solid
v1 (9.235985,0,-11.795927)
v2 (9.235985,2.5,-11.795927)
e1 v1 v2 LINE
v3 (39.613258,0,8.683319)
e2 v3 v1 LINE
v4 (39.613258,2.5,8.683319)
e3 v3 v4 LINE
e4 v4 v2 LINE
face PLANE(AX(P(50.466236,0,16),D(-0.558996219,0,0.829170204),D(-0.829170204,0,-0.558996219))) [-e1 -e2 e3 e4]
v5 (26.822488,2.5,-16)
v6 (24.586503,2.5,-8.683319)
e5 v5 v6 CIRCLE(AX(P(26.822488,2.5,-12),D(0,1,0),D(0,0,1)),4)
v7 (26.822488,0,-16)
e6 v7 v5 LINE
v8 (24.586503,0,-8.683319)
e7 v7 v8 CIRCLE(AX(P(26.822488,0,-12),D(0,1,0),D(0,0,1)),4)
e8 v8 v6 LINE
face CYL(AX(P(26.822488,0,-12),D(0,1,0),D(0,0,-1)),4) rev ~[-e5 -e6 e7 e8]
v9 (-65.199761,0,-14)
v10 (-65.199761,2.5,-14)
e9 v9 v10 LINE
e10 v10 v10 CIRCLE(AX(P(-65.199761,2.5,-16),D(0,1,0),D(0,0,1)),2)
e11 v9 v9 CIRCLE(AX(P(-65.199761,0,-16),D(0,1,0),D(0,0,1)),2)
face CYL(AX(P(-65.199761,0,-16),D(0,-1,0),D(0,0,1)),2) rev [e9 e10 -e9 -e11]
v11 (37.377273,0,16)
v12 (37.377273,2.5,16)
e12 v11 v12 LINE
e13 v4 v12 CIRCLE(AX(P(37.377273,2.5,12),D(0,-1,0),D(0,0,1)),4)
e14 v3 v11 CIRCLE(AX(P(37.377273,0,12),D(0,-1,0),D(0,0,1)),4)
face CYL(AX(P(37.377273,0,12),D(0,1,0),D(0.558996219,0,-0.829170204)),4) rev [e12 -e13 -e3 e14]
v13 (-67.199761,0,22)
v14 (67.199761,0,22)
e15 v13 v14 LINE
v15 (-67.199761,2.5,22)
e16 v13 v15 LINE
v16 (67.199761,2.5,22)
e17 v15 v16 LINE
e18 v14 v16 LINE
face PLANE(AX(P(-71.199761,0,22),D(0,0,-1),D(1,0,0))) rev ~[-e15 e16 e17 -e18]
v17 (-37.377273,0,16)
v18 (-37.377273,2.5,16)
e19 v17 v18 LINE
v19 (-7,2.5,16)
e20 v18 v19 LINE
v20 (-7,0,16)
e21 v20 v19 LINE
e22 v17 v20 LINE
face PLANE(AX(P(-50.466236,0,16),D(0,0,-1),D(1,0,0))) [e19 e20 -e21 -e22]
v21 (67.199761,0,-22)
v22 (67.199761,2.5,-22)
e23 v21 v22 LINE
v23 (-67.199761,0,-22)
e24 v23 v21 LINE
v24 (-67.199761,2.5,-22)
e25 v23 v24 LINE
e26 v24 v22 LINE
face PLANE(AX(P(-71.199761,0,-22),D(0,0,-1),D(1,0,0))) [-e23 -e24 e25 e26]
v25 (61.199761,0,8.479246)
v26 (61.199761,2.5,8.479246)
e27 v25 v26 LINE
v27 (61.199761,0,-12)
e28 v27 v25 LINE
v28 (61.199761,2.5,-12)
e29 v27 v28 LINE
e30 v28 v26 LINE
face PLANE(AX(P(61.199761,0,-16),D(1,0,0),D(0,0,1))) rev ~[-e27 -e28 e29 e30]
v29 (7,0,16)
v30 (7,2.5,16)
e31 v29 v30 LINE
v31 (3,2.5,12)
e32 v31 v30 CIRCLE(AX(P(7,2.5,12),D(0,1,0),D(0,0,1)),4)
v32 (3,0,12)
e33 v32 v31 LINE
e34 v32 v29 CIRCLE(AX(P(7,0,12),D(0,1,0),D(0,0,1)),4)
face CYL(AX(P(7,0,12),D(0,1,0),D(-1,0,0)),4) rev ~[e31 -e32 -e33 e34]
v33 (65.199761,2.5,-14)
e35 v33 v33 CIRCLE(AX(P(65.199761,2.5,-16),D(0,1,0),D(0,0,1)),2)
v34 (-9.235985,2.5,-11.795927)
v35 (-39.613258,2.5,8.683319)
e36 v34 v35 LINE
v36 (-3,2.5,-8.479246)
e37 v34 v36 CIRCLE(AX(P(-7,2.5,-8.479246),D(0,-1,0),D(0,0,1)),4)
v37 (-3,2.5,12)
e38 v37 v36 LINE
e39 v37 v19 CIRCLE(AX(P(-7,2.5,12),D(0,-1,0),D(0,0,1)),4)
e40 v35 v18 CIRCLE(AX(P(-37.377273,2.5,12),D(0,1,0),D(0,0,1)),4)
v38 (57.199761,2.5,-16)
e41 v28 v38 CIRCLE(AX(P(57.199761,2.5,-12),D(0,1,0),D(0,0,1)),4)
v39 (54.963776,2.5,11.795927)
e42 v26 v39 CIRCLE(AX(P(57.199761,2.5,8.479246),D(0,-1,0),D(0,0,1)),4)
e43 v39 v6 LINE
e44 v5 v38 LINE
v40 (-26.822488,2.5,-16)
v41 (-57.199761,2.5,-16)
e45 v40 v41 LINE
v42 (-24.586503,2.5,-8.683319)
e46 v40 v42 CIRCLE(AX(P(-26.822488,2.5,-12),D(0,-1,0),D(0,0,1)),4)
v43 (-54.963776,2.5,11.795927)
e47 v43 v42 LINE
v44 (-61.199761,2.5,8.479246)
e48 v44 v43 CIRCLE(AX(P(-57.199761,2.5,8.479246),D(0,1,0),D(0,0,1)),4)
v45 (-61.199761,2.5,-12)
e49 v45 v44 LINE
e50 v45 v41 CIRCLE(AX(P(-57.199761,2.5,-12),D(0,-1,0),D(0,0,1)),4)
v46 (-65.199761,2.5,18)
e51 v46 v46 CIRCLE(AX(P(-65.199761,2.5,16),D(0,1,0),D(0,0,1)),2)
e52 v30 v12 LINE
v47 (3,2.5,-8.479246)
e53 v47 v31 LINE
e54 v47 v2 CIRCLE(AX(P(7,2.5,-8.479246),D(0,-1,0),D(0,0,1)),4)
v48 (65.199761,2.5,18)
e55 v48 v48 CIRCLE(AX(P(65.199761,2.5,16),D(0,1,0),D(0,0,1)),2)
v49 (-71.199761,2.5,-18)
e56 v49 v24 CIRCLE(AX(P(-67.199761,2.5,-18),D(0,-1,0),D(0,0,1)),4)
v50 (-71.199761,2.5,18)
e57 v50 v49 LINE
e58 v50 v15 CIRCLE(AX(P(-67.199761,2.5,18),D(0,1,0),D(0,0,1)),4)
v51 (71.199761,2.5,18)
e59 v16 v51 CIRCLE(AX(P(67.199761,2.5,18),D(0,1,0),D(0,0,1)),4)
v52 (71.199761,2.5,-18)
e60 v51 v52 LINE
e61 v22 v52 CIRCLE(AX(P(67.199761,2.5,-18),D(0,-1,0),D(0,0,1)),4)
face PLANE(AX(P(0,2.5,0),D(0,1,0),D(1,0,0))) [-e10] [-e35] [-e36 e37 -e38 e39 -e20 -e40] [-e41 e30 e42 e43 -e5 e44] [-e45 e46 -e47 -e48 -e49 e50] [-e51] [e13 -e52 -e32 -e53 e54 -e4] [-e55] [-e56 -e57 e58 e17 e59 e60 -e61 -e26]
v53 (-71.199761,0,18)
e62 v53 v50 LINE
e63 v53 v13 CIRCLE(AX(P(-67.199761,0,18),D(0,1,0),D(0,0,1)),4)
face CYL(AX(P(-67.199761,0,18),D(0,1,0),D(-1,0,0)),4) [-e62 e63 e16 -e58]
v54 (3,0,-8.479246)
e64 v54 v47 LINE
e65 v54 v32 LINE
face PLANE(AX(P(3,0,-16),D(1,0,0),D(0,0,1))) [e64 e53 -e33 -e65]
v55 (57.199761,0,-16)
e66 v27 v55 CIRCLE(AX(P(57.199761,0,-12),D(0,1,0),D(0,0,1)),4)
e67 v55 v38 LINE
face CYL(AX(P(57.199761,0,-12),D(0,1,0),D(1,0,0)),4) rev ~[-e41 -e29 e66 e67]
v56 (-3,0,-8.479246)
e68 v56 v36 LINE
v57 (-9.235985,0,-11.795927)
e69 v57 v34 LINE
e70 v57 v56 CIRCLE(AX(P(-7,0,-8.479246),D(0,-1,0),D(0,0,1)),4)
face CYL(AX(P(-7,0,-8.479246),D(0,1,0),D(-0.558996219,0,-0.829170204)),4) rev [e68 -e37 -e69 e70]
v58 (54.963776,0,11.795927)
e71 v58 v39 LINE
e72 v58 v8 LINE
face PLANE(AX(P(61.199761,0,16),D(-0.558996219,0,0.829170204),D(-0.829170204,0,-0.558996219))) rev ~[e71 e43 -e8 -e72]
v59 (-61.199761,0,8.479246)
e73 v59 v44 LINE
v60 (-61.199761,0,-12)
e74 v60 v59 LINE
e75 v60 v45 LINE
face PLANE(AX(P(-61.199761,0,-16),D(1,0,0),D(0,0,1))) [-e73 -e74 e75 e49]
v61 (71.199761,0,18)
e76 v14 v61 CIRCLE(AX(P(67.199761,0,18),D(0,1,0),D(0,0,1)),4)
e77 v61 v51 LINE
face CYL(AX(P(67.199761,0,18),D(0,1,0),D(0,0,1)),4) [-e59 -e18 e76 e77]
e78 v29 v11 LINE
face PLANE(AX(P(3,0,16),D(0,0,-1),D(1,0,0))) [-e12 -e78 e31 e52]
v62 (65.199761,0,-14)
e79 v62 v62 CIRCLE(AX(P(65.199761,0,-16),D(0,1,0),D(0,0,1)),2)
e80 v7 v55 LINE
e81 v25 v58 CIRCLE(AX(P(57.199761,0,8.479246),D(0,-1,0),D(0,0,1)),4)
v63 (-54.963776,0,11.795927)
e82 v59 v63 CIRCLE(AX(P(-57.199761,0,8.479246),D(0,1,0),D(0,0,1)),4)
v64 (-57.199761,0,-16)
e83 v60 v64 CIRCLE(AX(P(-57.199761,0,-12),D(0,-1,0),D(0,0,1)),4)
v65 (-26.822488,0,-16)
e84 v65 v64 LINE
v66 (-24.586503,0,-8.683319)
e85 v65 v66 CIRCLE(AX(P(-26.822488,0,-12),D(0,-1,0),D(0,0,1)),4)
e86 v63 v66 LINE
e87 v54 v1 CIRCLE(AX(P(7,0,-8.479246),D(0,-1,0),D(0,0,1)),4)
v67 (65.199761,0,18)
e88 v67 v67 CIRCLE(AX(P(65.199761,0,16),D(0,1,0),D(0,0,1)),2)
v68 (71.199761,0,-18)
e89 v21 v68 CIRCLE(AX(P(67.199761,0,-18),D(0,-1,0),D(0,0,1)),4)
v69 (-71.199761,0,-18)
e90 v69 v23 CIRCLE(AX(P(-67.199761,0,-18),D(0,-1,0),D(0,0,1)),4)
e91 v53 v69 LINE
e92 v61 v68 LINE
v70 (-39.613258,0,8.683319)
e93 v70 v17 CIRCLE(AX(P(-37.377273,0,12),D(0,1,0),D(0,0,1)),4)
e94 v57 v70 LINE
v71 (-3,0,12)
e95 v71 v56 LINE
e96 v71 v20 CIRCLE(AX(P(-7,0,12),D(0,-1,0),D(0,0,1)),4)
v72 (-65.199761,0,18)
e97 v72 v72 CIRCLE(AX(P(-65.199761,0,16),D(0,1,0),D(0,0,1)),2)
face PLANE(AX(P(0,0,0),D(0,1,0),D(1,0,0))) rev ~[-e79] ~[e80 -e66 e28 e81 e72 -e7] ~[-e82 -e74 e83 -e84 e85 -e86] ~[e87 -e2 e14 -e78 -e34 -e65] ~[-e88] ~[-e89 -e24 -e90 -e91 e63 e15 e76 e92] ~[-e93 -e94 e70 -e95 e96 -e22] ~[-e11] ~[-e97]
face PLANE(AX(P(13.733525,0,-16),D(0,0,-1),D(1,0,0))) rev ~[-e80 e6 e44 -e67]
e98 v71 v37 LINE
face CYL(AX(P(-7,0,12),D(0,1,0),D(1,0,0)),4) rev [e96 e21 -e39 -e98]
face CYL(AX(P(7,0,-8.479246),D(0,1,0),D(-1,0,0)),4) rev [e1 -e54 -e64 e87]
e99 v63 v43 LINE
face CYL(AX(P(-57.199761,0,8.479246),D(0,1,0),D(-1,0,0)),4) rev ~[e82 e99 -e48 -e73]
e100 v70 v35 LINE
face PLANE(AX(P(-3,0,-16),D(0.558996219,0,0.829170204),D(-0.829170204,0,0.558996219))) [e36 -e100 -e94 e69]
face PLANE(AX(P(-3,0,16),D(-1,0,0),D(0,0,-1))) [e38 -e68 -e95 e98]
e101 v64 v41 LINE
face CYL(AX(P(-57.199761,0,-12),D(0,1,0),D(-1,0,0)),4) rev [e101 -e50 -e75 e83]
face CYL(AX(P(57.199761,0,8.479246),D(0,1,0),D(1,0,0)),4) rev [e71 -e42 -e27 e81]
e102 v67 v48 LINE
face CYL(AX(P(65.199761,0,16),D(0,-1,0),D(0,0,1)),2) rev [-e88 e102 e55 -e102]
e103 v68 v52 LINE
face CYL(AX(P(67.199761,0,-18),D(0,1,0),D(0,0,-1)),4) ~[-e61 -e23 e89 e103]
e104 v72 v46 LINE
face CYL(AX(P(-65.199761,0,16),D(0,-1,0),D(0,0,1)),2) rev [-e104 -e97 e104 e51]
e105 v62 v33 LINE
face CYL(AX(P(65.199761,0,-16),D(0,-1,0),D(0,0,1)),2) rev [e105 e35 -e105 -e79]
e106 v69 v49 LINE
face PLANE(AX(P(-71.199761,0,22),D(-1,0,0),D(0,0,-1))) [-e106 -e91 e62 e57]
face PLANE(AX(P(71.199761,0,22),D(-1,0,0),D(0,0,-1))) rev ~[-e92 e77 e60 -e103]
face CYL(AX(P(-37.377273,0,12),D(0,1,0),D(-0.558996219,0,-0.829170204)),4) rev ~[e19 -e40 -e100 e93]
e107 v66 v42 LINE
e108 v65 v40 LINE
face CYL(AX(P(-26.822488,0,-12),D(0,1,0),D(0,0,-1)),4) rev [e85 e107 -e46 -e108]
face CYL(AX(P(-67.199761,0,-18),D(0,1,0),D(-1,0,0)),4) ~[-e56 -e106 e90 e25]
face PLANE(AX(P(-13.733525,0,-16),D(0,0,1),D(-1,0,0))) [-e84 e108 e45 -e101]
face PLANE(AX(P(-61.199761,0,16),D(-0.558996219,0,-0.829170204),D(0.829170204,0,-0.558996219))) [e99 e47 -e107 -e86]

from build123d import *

# Parameters (mm, degrees)
SKETCH1_W           = 142.3995226
SKETCH1_H           = 44
SKETCH1_R           = 2
BOSS_EXTRUDE1_DEPTH = 2.5
FILLET1_R           = 4


with BuildPart() as part:
    # Sketch1 → Boss-Extrude1 (new body)
    with BuildSketch(Plane(origin=(0, 0, 0), x_dir=(1, 0, 0), z_dir=(0, 1, 0))):
        Rectangle(SKETCH1_W, SKETCH1_H)
        with Locations(Location((-65.1997613, 16, 0), (0, 0, 270))):
            Circle(SKETCH1_R, mode=Mode.SUBTRACT)
        with Locations(Location((65.1997613, 16, 0), (0, 0, 270))):
            Circle(SKETCH1_R, mode=Mode.SUBTRACT)
        with Locations(Location((65.1997613, -16, 0), (0, 0, 270))):
            Circle(SKETCH1_R, mode=Mode.SUBTRACT)
        with Locations(Location((-65.1997613, -16, 0), (0, 0, 270))):
            Circle(SKETCH1_R, mode=Mode.SUBTRACT)
        Polygon((-61.1997613, 16), (-61.1997613, -16), (-13.733525191, 16), align=None, mode=Mode.SUBTRACT)
        Polygon((-3, 16), (-50.466236109, -16), (-3, -16), align=None, mode=Mode.SUBTRACT)
        Polygon((3, 16), (3, -16), (50.466236109, -16), align=None, mode=Mode.SUBTRACT)
        Polygon((61.1997613, -16), (13.733525191, 16), (61.1997613, 16), align=None, mode=Mode.SUBTRACT)
    extrude(amount=BOSS_EXTRUDE1_DEPTH)

    # Fillet1
    fillet1_edges = [part.edges().sort_by_distance(p)[0] for p in [
        (-13.733525191, 1.25, -16),
        (-61.1997613, 1.25, -16),
        (-61.1997613, 1.25, 16),
        (-3, 1.25, 16),
        (-3, 1.25, -16),
        (-50.466236109, 1.25, 16),
        (50.466236109, 1.25, 16),
        (3, 1.25, -16),
        (3, 1.25, 16),
        (61.1997613, 1.25, 16),
        (61.1997613, 1.25, -16),
        (13.733525191, 1.25, -16),
        (-71.1997613, 1.25, -22),
        (71.1997613, 1.25, -22),
        (71.1997613, 1.25, 22),
        (-71.1997613, 1.25, 22),
    ]]
    fillet(fillet1_edges, radius=FILLET1_R)


solid = part.part
